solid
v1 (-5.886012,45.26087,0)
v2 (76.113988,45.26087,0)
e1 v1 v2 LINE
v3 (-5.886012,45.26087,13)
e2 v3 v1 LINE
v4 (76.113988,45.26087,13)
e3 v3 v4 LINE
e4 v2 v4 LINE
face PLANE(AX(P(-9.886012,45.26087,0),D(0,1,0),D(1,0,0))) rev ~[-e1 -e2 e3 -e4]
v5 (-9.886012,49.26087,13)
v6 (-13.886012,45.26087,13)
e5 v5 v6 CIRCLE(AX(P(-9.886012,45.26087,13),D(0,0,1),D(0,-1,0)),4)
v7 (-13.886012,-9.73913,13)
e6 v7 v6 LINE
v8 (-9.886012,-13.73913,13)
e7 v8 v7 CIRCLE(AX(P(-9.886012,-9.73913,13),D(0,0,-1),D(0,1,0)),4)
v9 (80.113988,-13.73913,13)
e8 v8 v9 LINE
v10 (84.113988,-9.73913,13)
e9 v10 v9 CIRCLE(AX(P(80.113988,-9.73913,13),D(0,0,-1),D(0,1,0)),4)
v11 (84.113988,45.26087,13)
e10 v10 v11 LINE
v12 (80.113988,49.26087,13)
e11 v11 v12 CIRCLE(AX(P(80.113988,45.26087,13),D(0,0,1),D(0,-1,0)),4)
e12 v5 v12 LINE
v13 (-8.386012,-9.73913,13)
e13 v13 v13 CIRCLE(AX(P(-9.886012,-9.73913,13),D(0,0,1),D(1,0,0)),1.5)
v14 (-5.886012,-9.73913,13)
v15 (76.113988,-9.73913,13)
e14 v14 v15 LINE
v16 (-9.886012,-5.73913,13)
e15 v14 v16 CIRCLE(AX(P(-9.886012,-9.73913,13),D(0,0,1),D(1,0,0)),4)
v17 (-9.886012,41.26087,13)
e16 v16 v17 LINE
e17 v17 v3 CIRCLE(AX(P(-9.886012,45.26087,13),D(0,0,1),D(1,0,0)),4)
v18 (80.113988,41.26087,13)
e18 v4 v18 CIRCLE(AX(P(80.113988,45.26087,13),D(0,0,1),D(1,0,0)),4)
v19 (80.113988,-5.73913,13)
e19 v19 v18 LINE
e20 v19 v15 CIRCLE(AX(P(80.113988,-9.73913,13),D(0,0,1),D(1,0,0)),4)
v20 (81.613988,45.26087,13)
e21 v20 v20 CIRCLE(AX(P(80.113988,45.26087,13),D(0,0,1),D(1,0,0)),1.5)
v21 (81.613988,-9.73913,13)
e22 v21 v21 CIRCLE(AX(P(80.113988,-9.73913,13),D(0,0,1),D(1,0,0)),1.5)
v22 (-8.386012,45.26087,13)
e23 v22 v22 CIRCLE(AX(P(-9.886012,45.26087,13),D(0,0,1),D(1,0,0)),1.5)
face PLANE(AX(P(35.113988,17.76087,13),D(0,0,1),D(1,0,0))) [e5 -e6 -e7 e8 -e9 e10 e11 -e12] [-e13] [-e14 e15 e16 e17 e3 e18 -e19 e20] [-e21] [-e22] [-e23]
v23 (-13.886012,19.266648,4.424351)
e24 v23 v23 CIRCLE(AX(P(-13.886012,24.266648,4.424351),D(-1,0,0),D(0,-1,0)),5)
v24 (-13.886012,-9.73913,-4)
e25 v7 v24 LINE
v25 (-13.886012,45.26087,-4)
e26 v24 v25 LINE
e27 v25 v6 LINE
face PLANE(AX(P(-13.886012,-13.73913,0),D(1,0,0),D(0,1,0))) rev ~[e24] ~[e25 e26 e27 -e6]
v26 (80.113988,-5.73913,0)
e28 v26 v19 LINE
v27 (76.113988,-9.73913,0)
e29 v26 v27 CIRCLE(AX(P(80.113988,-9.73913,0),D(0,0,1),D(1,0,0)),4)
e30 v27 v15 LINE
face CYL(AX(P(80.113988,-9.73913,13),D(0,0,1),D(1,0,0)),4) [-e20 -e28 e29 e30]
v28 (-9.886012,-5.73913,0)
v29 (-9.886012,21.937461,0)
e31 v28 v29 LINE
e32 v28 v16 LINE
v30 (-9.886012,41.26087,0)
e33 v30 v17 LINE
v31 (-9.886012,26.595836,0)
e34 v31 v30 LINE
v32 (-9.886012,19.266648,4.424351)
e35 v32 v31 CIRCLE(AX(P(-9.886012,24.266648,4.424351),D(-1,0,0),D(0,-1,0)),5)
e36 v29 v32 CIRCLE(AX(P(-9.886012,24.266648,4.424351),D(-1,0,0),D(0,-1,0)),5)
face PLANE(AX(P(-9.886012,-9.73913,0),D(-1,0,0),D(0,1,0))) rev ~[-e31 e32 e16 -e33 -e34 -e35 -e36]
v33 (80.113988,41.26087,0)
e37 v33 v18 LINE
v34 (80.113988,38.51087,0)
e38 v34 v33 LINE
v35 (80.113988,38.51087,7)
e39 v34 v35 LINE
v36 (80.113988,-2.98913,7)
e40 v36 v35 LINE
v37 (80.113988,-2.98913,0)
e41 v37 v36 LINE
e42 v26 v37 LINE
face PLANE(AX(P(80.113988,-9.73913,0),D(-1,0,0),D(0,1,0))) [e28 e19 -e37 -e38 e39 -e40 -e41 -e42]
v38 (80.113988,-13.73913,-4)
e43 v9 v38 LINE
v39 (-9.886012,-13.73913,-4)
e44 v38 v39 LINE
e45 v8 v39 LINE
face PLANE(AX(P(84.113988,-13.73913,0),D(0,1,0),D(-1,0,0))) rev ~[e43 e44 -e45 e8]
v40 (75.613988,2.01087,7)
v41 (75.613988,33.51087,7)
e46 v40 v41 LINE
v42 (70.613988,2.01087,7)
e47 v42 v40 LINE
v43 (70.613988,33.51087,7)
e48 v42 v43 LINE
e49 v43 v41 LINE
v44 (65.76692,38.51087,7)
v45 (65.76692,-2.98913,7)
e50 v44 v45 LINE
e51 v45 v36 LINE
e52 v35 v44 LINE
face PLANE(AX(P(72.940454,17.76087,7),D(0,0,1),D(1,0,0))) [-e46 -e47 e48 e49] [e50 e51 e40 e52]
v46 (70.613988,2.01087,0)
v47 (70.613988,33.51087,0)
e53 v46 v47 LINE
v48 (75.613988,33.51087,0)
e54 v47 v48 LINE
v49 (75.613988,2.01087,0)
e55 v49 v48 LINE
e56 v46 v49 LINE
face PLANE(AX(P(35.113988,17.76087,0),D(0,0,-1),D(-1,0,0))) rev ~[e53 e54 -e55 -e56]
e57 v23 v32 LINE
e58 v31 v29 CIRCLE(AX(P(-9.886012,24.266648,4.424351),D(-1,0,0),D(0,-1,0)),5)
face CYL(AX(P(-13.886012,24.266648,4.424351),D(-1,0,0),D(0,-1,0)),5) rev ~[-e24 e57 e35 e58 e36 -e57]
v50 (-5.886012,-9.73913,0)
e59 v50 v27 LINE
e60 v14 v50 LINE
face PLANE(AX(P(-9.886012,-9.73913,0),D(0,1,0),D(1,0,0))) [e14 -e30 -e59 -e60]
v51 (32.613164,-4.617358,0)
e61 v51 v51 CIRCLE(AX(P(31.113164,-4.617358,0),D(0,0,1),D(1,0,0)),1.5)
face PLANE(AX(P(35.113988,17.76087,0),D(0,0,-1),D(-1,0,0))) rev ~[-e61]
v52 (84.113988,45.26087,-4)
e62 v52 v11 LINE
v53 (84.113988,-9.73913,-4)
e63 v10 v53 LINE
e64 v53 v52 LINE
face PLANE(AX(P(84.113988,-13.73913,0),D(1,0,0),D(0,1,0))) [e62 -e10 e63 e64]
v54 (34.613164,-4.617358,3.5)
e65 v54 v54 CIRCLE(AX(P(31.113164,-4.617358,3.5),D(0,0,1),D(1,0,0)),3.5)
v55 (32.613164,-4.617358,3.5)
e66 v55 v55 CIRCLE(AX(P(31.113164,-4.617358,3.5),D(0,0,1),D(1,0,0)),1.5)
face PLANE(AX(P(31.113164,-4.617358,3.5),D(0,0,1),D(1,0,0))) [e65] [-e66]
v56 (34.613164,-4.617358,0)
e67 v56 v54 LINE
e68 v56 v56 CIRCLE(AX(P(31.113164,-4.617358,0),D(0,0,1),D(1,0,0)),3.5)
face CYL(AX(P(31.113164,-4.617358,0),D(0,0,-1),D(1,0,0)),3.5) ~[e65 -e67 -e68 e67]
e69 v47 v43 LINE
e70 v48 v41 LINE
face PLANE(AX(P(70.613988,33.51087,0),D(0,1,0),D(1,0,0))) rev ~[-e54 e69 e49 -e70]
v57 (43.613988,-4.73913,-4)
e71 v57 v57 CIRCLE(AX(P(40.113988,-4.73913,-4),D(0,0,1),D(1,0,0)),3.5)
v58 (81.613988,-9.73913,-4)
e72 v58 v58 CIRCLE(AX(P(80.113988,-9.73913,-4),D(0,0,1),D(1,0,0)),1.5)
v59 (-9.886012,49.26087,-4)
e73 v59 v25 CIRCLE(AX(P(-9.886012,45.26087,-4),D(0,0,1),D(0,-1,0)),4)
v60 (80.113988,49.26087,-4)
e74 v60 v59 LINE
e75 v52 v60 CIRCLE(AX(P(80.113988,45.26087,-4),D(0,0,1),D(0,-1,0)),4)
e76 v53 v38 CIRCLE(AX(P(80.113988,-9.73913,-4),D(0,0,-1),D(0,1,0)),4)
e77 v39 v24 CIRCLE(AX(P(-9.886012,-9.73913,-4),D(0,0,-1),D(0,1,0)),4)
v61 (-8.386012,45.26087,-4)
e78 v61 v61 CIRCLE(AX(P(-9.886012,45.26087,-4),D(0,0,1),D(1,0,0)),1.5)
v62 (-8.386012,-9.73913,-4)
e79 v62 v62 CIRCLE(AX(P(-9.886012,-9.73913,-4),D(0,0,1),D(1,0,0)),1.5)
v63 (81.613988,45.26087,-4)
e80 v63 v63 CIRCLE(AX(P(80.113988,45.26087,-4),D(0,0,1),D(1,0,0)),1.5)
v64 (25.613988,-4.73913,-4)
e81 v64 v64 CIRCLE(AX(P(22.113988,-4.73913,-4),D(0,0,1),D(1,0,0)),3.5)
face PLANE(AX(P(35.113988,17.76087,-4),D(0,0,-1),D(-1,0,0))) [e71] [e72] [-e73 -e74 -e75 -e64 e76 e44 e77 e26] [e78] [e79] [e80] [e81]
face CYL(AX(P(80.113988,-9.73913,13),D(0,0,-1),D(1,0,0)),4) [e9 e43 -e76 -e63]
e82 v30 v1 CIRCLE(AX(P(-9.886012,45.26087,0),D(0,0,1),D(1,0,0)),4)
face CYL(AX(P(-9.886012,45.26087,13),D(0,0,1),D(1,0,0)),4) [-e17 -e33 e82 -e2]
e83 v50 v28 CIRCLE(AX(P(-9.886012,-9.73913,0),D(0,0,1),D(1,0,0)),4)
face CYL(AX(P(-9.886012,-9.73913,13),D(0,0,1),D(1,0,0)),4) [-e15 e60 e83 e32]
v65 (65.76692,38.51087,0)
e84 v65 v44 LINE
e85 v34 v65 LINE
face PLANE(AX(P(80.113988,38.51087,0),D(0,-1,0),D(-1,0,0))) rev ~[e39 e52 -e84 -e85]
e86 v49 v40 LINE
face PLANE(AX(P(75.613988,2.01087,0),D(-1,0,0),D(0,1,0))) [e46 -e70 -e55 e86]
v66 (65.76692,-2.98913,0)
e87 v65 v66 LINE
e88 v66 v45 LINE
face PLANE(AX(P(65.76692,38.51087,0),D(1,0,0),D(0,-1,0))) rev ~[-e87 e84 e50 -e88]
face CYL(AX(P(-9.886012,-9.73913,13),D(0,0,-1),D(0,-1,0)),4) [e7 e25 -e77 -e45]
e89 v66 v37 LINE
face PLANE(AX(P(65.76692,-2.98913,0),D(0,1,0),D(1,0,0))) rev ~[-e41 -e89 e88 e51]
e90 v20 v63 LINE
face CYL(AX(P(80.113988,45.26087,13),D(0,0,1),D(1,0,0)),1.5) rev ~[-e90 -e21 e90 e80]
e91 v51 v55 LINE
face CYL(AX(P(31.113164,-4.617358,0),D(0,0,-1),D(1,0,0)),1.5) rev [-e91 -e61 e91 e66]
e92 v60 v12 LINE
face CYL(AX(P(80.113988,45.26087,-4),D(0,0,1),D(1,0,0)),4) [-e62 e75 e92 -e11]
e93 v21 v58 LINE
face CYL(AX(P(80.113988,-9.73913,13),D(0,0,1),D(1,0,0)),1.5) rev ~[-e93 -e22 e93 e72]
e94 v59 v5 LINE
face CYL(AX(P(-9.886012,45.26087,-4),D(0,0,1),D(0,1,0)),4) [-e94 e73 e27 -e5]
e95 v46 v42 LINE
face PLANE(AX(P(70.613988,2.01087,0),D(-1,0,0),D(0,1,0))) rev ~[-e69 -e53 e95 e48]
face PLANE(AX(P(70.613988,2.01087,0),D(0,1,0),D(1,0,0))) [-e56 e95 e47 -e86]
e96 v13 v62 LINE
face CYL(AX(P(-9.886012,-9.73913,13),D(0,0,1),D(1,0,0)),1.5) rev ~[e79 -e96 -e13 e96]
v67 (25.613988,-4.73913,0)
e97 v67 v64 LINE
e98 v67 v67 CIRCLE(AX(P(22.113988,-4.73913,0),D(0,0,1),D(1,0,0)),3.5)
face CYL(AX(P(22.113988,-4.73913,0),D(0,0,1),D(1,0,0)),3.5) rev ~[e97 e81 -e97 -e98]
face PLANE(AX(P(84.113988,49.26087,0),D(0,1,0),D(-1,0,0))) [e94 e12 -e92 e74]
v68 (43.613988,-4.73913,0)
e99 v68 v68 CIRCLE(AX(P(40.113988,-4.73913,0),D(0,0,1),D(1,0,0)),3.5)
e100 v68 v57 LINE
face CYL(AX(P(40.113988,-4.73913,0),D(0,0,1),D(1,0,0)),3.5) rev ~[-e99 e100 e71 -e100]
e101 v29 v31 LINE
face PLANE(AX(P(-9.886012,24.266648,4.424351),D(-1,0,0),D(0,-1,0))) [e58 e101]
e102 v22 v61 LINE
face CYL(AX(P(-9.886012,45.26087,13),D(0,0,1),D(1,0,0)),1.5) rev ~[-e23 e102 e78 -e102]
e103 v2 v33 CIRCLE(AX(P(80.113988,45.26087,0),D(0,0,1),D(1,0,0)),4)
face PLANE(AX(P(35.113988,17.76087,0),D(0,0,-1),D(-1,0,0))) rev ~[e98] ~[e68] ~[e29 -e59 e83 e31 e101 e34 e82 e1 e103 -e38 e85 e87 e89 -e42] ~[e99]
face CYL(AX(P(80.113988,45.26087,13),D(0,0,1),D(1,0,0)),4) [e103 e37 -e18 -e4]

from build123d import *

# Parameters (mm, degrees)
ESQUISSE1_W             = 98
ESQUISSE1_H             = 63
ESQUISSE1_W_2           = 90
ESQUISSE1_H_2           = 55
BOSS_EXTRU_1_DEPTH      = 13
ESQUISSE2_W             = 98
ESQUISSE2_H             = 63
BOSS_EXTRU_2_DEPTH      = 4
ESQUISSE3_W             = 5
ESQUISSE3_H             = 31.5
BOSS_EXTRU_3_DEPTH      = 7
CONG_2_R                = 4
ESQUISSE6_R             = 4
BOSS_EXTRU_5_DEPTH      = 17
ESQUISSE7_R             = 1.5
ENL_V_MAT_EXTRU_2_DEPTH = 83.442016046
ESQUISSE8_R             = 3.5
ENL_V_MAT_EXTRU_3_DEPTH = 10
ESQUISSE9_R             = 3.5
ESQUISSE9_R_2           = 1.5
BOSS_EXTRU_6_DEPTH      = 3.5
ESQUISSE10_R            = 5
ENL_V_MAT_EXTRU_4_DEPTH = 4


with BuildPart() as part:
    # Esquisse1 → Boss.-Extru.1 (new body)
    with BuildSketch(Plane.XY):
        with Locations((35.11398795, 17.760869565)):
            Rectangle(ESQUISSE1_W, ESQUISSE1_H)
        with Locations((35.11398795, 17.760869565)):
            Rectangle(ESQUISSE1_W_2, ESQUISSE1_H_2, mode=Mode.SUBTRACT)
    extrude(amount=BOSS_EXTRU_1_DEPTH)

    # Esquisse2 → Boss.-Extru.2 (add)
    with BuildSketch(Plane(origin=(0, 0, 0), x_dir=(-1, 0, 0), z_dir=(0, 0, -1))):
        with Locations((-35.11398795, 17.760869565)):
            Rectangle(ESQUISSE2_W, ESQUISSE2_H)
    extrude(amount=BOSS_EXTRU_2_DEPTH)

    # Esquisse3 → Boss.-Extru.3 (add)
    with BuildSketch(Plane.XY):
        Polygon((80.11398795, 2.010869565), (80.11398795, 33.510869565), (80.11398795, 38.510869565), (65.766919995, 38.510869565), (65.766919995, 33.510869565), (65.766919995, 2.010869565), (65.766919995, -2.989130435), (80.11398795, -2.989130435), align=None)
        with Locations((73.11398795, 17.760869565)):
            Rectangle(ESQUISSE3_W, ESQUISSE3_H, mode=Mode.SUBTRACT)
    extrude(amount=BOSS_EXTRU_3_DEPTH)

    # Congé2
    cong_2_edges = [part.edges().sort_by_distance(p)[0] for p in [
        (-13.88601205, 49.260869565, 4.5),
        (84.11398795, 49.260869565, 4.5),
        (84.11398795, -13.739130435, 4.5),
        (-13.88601205, -13.739130435, 4.5),
    ]]
    fillet(cong_2_edges, radius=CONG_2_R)

    # Esquisse6 → Boss.-Extru.5 (add)
    with BuildSketch(Plane.XY.offset(13)):
        with Locations((-9.88601205, 45.260869565)):
            Circle(ESQUISSE6_R)
        with Locations((-9.88601205, -9.739130435)):
            Circle(ESQUISSE6_R)
        with Locations((80.11398795, -9.739130435)):
            Circle(ESQUISSE6_R)
        with Locations((80.11398795, 45.260869565)):
            Circle(ESQUISSE6_R)
    extrude(amount=-BOSS_EXTRU_5_DEPTH)

    # Esquisse7 → Enlèv. mat.-Extru.2 (cut)
    with BuildSketch(Plane.XY.offset(13)):
        with Locations((80.11398795, -9.739130435)):
            Circle(ESQUISSE7_R)
        with Locations((-9.88601205, -9.739130435)):
            Circle(ESQUISSE7_R)
        with Locations((-9.88601205, 45.260869565)):
            Circle(ESQUISSE7_R)
        with Locations((80.11398795, 45.260869565)):
            Circle(ESQUISSE7_R)
    extrude(amount=-ENL_V_MAT_EXTRU_2_DEPTH, mode=Mode.SUBTRACT)

    # Esquisse8 → Enlèv. mat.-Extru.3 (cut)
    with BuildSketch(Plane.XY):
        with Locations((22.11398795, -4.739130435)):
            Circle(ESQUISSE8_R)
        with Locations((40.11398795, -4.739130435)):
            Circle(ESQUISSE8_R)
    extrude(amount=-ENL_V_MAT_EXTRU_3_DEPTH, mode=Mode.SUBTRACT)

    # Esquisse9 → Boss.-Extru.6 (add)
    with BuildSketch(Plane.XY):
        with Locations((31.113164105, -4.617357959)):
            Circle(ESQUISSE9_R)
        with Locations((31.113164105, -4.617357959)):
            Circle(ESQUISSE9_R_2, mode=Mode.SUBTRACT)
    extrude(amount=BOSS_EXTRU_6_DEPTH)

    # Esquisse10 → Enlèv. mat.-Extru.4 (cut)
    with BuildSketch(Plane.ZY.offset(13.88601205)):
        with Locations(Location((4.424351408, 24.266648435, 0), (0, 0, 270))):
            Circle(ESQUISSE10_R)
    extrude(amount=-ENL_V_MAT_EXTRU_4_DEPTH, mode=Mode.SUBTRACT)


solid = part.part
